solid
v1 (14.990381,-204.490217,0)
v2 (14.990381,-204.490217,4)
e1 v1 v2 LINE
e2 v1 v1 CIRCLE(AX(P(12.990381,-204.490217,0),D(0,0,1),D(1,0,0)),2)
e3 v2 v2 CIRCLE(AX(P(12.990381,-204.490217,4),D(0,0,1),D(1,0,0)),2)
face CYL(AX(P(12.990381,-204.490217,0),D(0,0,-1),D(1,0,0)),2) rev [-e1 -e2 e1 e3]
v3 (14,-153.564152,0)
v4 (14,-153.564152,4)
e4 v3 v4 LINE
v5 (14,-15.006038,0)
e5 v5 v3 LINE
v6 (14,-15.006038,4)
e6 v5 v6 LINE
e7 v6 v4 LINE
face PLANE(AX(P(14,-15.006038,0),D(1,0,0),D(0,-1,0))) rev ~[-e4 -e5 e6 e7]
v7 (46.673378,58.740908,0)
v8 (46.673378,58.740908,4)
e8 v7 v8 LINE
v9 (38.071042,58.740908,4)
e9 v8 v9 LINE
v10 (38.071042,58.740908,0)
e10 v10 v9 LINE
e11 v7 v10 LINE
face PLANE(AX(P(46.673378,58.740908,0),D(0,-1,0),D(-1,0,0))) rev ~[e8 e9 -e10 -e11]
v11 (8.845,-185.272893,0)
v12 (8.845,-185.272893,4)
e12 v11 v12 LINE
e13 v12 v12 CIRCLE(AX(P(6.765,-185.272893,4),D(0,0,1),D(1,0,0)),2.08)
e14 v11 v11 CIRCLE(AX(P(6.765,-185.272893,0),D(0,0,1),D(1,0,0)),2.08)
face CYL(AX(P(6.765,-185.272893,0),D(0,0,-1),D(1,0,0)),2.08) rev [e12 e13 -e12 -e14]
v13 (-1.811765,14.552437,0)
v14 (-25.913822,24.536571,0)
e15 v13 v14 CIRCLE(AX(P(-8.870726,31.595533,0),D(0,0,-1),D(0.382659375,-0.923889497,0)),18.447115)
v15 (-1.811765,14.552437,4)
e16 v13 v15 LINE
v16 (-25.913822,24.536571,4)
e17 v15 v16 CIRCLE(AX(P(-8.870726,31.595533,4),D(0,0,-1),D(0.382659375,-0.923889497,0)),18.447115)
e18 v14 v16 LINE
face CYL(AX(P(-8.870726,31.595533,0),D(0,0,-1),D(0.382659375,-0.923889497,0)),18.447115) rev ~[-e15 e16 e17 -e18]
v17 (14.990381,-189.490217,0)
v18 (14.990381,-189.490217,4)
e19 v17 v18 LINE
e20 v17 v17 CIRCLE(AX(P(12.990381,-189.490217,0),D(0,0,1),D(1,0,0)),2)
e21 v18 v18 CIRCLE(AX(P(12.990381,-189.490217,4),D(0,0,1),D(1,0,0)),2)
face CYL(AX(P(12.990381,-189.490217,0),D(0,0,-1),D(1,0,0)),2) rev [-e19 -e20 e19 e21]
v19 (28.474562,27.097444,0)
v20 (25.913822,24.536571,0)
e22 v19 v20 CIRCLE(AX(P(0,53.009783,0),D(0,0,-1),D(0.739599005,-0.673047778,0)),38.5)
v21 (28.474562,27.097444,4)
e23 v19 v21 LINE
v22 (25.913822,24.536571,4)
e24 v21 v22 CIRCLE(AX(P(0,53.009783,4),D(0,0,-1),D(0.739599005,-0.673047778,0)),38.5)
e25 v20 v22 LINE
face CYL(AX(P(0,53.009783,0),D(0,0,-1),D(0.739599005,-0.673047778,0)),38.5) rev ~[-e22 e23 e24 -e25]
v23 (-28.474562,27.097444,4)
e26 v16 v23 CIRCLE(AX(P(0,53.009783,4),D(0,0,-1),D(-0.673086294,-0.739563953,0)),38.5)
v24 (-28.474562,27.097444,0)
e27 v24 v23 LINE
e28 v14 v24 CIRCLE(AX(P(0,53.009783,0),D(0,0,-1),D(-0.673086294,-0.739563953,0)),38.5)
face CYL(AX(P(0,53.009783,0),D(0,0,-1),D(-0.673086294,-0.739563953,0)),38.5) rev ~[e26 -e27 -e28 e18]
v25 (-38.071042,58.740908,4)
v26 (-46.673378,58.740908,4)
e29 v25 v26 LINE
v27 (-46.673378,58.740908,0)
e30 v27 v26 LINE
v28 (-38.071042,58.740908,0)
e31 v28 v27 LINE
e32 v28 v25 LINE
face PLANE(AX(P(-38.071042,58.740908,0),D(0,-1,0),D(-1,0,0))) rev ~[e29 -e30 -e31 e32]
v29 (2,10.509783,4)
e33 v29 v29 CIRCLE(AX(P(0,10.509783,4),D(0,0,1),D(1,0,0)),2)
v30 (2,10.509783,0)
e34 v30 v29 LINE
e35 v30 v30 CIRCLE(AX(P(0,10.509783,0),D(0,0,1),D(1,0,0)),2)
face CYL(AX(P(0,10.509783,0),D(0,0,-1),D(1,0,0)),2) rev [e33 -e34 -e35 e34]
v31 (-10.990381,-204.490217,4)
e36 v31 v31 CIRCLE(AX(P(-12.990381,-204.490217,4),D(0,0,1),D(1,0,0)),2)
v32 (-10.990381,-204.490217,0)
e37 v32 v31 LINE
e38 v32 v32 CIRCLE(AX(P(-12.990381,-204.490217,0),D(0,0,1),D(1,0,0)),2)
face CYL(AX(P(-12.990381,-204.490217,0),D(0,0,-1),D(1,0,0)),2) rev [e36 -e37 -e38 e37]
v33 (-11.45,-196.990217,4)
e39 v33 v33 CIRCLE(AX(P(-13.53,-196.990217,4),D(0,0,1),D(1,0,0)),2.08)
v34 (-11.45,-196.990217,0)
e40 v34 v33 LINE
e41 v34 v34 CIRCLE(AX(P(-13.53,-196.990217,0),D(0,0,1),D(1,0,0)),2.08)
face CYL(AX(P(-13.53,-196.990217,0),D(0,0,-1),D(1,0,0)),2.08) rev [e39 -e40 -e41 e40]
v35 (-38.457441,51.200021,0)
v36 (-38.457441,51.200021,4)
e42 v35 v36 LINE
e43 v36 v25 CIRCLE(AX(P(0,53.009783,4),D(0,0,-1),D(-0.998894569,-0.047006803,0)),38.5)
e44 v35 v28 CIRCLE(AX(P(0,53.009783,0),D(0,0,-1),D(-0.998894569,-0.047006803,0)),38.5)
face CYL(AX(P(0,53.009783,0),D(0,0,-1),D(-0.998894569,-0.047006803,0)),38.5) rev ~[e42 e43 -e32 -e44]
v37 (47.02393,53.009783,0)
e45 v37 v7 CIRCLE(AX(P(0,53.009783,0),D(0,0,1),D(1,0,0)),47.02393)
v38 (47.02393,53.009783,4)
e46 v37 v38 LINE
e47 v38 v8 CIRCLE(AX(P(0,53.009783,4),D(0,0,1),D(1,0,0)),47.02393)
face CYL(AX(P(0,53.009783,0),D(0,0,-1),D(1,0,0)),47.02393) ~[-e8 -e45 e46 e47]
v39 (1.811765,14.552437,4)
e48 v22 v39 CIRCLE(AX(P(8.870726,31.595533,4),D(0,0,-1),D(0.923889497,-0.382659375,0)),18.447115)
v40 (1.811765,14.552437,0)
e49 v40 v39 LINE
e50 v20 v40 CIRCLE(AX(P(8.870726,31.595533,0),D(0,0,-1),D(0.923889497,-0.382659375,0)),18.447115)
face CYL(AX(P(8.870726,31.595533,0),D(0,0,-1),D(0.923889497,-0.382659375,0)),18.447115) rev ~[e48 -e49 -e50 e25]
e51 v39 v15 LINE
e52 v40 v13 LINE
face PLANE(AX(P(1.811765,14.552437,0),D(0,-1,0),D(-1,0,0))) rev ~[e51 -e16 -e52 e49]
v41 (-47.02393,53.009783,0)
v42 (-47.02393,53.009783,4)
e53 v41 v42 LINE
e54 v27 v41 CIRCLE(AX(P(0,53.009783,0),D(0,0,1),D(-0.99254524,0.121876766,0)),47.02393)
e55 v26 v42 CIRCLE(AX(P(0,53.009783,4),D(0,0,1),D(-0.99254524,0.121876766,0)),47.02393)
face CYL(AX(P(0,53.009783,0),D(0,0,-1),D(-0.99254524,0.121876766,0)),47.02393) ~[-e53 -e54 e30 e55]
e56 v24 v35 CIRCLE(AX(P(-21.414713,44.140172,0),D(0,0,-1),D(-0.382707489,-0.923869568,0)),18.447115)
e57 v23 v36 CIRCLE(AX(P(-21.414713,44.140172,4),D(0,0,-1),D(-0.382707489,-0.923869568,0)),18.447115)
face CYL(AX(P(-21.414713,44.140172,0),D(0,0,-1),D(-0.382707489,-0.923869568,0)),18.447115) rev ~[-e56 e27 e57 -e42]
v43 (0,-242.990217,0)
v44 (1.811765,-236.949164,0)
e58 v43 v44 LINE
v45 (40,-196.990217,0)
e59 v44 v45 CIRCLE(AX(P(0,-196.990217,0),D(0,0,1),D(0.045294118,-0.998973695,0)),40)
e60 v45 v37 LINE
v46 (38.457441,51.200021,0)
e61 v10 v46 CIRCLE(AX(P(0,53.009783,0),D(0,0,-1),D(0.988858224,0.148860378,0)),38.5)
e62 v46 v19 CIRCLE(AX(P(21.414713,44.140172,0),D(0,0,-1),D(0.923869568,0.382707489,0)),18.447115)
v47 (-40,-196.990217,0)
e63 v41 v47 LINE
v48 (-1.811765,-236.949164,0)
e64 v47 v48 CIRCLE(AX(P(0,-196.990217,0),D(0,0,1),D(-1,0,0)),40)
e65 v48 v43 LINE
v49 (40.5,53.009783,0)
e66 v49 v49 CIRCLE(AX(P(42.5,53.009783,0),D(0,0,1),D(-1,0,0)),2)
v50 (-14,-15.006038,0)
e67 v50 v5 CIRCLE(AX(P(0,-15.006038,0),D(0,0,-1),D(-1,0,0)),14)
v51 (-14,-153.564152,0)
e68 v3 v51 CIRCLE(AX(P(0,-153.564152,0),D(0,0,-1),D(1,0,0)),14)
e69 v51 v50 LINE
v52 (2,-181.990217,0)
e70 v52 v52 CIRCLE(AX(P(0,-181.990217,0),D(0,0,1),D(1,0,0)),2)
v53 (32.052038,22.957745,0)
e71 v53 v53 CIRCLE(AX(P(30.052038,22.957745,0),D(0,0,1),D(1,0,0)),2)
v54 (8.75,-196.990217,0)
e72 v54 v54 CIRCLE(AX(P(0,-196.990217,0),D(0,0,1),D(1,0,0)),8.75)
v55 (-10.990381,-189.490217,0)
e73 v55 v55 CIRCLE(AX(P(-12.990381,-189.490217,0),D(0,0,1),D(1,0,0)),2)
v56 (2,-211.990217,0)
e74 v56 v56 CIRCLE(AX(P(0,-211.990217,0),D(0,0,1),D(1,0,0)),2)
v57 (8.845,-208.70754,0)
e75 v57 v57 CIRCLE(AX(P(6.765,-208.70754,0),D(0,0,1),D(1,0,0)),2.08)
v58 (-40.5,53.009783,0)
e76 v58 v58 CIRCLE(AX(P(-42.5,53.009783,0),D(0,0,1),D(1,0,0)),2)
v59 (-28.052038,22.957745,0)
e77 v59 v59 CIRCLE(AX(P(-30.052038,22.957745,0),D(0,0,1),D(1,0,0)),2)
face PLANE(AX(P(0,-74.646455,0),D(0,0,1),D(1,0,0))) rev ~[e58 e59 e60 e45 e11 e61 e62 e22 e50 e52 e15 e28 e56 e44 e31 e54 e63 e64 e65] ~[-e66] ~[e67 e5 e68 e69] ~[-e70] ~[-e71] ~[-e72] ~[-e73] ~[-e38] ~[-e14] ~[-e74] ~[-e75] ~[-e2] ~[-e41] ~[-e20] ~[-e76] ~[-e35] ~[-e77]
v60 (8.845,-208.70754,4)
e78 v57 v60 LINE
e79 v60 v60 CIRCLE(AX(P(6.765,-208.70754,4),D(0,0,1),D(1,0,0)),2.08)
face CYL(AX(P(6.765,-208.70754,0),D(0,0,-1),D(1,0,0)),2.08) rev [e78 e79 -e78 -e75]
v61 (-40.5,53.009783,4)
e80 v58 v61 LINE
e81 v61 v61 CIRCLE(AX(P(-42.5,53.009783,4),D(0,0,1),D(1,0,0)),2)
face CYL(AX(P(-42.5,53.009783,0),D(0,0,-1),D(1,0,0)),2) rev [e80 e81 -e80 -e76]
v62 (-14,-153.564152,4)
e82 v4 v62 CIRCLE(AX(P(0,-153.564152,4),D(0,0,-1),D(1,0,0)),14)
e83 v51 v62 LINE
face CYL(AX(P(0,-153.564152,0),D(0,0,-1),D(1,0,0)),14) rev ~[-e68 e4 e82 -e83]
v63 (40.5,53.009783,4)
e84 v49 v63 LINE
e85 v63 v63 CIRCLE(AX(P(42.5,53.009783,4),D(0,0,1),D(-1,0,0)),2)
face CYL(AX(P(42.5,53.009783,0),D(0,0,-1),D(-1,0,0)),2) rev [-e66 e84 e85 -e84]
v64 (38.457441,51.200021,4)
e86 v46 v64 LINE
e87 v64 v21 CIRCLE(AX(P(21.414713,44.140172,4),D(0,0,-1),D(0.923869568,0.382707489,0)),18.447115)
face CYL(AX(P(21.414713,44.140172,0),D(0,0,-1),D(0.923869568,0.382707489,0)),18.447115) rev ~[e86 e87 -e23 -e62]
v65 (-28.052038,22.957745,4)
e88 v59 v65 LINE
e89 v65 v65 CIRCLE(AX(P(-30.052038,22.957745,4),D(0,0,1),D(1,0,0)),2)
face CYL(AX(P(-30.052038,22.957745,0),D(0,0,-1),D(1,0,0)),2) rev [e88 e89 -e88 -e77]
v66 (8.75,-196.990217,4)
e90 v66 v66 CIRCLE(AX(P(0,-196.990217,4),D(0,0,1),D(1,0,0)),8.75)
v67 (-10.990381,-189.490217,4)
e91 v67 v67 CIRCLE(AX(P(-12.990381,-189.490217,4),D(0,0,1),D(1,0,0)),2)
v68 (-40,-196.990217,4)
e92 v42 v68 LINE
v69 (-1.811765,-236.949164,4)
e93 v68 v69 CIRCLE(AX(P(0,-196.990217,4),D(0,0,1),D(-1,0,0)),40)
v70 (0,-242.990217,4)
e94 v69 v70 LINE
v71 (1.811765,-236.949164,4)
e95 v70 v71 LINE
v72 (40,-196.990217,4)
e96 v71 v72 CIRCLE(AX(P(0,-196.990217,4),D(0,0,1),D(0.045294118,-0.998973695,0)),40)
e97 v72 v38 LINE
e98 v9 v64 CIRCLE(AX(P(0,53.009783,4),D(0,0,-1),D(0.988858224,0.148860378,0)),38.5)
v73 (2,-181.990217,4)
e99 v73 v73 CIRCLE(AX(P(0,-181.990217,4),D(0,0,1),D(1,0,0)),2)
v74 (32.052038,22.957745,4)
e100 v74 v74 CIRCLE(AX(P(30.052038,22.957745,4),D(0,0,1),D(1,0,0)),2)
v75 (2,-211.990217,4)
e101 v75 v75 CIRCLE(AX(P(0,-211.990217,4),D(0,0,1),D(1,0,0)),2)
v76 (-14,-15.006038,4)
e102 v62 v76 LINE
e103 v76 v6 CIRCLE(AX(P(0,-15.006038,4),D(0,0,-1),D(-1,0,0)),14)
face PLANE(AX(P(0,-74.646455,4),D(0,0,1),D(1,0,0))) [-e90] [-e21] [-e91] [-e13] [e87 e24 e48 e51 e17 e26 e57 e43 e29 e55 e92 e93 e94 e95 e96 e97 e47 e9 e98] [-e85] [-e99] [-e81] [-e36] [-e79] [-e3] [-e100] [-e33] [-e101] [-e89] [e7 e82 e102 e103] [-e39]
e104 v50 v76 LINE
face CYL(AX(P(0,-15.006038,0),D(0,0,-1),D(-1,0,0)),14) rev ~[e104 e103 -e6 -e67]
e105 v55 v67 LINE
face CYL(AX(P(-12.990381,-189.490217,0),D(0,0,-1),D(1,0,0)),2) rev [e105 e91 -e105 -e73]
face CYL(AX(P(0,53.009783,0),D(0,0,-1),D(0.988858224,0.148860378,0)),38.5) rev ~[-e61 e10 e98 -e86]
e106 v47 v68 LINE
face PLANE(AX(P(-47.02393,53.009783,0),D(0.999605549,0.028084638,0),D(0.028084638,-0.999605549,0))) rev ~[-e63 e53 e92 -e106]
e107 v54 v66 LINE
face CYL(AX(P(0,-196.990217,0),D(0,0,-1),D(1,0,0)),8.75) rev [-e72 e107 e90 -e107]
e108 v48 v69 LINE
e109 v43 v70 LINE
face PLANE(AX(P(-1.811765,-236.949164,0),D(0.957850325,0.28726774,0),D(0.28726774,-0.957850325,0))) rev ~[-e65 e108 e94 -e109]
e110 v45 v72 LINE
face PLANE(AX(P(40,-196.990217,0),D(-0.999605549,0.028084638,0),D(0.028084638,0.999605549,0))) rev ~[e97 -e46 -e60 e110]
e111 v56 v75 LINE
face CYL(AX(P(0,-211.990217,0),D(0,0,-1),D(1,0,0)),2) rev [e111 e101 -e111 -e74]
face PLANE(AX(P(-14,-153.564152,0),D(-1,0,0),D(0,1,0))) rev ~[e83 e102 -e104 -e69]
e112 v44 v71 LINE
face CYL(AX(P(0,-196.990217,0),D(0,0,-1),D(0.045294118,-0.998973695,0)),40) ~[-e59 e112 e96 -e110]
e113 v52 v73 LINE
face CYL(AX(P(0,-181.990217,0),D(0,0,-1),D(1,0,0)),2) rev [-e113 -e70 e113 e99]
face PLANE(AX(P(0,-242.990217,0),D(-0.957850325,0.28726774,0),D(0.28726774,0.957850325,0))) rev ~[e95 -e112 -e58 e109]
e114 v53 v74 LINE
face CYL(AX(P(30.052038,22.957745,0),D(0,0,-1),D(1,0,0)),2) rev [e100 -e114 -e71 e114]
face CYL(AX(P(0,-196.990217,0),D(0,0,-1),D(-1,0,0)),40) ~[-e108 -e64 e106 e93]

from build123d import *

# Parameters (mm, degrees)
SKETCH_3_R      = 2
SKETCH_3_R_2    = 2.08
SKETCH_3_R_3    = 8.75
EXTRUDE_1_DEPTH = 4


with BuildPart() as part:
    # 草图3 → 凸台-拉伸1 (new body)
    with BuildSketch(Plane.XY):
        with BuildLine():
            Line((-38.071041638, 58.740907862), (-46.673377973, 58.740907862))
            ThreePointArc((-46.673377973, 58.740907862), (-46.936210234, 55.880701084), (-47.023930078, 53.009783315))
            Line((-47.023930078, 53.009783315), (-40, -196.990216688))
            ThreePointArc((-40, -196.990216688), (-28.917733212, -224.626509961), (-1.811764706, -236.94916448))
            Line((-1.811764706, -236.94916448), (0, -242.990216688))
            Line((0, -242.990216688), (1.811764706, -236.94916448))
            ThreePointArc((1.811764706, -236.94916448), (28.917733212, -224.626509961), (40, -196.990216688))
            Line((40, -196.990216688), (47.023930078, 53.009783315))
            ThreePointArc((47.023930078, 53.009783315), (46.936210234, 55.880701084), (46.673377973, 58.740907862))
            Line((46.673377973, 58.740907862), (38.071041638, 58.740907862))
            ThreePointArc((38.071041638, 58.740907862), (38.449556599, 54.979960288), (38.457440916, 51.200021389))
            ThreePointArc((38.457440916, 51.200021389), (38.457808554, 37.081210633), (28.474561686, 27.097443846))
            ThreePointArc((28.474561686, 27.097443846), (27.22431994, 25.786881122), (25.913822328, 24.536571126))
            ThreePointArc((25.913822328, 24.536571126), (15.93057546, 14.552804338), (1.811764704, 14.5524367))
            Line((1.811764704, 14.5524367), (-1.811764704, 14.5524367))
            ThreePointArc((-1.811764704, 14.5524367), (-15.93057546, 14.552804338), (-25.913822328, 24.536571126))
            ThreePointArc((-25.913822328, 24.536571126), (-27.22431994, 25.786881122), (-28.474561686, 27.097443846))
            ThreePointArc((-28.474561686, 27.097443846), (-38.457808554, 37.081210633), (-38.457440916, 51.200021389))
            ThreePointArc((-38.457440916, 51.200021389), (-38.449556599, 54.979960288), (-38.071041638, 58.740907862))
        make_face()
        with Locations((0, 10.509783315)):
            Circle(SKETCH_3_R, mode=Mode.SUBTRACT)
        with Locations((-30.0520382, 22.957745114)):
            Circle(SKETCH_3_R, mode=Mode.SUBTRACT)
        with Locations((-42.5, 53.009783315)):
            Circle(SKETCH_3_R, mode=Mode.SUBTRACT)
        with Locations((30.0520382, 22.957745114)):
            Circle(SKETCH_3_R, mode=Mode.SUBTRACT)
        with Locations((0, -211.990216688)):
            Circle(SKETCH_3_R, mode=Mode.SUBTRACT)
        with Locations((-12.990381057, -204.490216688)):
            Circle(SKETCH_3_R, mode=Mode.SUBTRACT)
        with Locations((-12.990381057, -189.490216688)):
            Circle(SKETCH_3_R, mode=Mode.SUBTRACT)
        with Locations((0, -181.990216688)):
            Circle(SKETCH_3_R, mode=Mode.SUBTRACT)
        with Locations((12.990381057, -189.490216688)):
            Circle(SKETCH_3_R, mode=Mode.SUBTRACT)
        with Locations((12.990381057, -204.490216688)):
            Circle(SKETCH_3_R, mode=Mode.SUBTRACT)
        with Locations((-13.53, -196.990216688)):
            Circle(SKETCH_3_R_2, mode=Mode.SUBTRACT)
        with Locations((6.765, -185.272892975)):
            Circle(SKETCH_3_R_2, mode=Mode.SUBTRACT)
        with Locations((6.765, -208.707540401)):
            Circle(SKETCH_3_R_2, mode=Mode.SUBTRACT)
        with Locations((0, -196.990216688)):
            Circle(SKETCH_3_R_3, mode=Mode.SUBTRACT)
        with Locations(Location((42.5, 53.009783315, 0), (0, 0, 180))):
            Circle(SKETCH_3_R, mode=Mode.SUBTRACT)
        with BuildLine():
            Line((-14, -153.564151609), (-14, -15.006038041))
            ThreePointArc((-14, -15.006038041), (0, -1.006038041), (14, -15.006038041))
            Line((14, -15.006038041), (14, -153.564151609))
            ThreePointArc((14, -153.564151609), (0, -167.564151609), (-14, -153.564151609))
        make_face(mode=Mode.SUBTRACT)
    extrude(amount=EXTRUDE_1_DEPTH)


solid = part.part
